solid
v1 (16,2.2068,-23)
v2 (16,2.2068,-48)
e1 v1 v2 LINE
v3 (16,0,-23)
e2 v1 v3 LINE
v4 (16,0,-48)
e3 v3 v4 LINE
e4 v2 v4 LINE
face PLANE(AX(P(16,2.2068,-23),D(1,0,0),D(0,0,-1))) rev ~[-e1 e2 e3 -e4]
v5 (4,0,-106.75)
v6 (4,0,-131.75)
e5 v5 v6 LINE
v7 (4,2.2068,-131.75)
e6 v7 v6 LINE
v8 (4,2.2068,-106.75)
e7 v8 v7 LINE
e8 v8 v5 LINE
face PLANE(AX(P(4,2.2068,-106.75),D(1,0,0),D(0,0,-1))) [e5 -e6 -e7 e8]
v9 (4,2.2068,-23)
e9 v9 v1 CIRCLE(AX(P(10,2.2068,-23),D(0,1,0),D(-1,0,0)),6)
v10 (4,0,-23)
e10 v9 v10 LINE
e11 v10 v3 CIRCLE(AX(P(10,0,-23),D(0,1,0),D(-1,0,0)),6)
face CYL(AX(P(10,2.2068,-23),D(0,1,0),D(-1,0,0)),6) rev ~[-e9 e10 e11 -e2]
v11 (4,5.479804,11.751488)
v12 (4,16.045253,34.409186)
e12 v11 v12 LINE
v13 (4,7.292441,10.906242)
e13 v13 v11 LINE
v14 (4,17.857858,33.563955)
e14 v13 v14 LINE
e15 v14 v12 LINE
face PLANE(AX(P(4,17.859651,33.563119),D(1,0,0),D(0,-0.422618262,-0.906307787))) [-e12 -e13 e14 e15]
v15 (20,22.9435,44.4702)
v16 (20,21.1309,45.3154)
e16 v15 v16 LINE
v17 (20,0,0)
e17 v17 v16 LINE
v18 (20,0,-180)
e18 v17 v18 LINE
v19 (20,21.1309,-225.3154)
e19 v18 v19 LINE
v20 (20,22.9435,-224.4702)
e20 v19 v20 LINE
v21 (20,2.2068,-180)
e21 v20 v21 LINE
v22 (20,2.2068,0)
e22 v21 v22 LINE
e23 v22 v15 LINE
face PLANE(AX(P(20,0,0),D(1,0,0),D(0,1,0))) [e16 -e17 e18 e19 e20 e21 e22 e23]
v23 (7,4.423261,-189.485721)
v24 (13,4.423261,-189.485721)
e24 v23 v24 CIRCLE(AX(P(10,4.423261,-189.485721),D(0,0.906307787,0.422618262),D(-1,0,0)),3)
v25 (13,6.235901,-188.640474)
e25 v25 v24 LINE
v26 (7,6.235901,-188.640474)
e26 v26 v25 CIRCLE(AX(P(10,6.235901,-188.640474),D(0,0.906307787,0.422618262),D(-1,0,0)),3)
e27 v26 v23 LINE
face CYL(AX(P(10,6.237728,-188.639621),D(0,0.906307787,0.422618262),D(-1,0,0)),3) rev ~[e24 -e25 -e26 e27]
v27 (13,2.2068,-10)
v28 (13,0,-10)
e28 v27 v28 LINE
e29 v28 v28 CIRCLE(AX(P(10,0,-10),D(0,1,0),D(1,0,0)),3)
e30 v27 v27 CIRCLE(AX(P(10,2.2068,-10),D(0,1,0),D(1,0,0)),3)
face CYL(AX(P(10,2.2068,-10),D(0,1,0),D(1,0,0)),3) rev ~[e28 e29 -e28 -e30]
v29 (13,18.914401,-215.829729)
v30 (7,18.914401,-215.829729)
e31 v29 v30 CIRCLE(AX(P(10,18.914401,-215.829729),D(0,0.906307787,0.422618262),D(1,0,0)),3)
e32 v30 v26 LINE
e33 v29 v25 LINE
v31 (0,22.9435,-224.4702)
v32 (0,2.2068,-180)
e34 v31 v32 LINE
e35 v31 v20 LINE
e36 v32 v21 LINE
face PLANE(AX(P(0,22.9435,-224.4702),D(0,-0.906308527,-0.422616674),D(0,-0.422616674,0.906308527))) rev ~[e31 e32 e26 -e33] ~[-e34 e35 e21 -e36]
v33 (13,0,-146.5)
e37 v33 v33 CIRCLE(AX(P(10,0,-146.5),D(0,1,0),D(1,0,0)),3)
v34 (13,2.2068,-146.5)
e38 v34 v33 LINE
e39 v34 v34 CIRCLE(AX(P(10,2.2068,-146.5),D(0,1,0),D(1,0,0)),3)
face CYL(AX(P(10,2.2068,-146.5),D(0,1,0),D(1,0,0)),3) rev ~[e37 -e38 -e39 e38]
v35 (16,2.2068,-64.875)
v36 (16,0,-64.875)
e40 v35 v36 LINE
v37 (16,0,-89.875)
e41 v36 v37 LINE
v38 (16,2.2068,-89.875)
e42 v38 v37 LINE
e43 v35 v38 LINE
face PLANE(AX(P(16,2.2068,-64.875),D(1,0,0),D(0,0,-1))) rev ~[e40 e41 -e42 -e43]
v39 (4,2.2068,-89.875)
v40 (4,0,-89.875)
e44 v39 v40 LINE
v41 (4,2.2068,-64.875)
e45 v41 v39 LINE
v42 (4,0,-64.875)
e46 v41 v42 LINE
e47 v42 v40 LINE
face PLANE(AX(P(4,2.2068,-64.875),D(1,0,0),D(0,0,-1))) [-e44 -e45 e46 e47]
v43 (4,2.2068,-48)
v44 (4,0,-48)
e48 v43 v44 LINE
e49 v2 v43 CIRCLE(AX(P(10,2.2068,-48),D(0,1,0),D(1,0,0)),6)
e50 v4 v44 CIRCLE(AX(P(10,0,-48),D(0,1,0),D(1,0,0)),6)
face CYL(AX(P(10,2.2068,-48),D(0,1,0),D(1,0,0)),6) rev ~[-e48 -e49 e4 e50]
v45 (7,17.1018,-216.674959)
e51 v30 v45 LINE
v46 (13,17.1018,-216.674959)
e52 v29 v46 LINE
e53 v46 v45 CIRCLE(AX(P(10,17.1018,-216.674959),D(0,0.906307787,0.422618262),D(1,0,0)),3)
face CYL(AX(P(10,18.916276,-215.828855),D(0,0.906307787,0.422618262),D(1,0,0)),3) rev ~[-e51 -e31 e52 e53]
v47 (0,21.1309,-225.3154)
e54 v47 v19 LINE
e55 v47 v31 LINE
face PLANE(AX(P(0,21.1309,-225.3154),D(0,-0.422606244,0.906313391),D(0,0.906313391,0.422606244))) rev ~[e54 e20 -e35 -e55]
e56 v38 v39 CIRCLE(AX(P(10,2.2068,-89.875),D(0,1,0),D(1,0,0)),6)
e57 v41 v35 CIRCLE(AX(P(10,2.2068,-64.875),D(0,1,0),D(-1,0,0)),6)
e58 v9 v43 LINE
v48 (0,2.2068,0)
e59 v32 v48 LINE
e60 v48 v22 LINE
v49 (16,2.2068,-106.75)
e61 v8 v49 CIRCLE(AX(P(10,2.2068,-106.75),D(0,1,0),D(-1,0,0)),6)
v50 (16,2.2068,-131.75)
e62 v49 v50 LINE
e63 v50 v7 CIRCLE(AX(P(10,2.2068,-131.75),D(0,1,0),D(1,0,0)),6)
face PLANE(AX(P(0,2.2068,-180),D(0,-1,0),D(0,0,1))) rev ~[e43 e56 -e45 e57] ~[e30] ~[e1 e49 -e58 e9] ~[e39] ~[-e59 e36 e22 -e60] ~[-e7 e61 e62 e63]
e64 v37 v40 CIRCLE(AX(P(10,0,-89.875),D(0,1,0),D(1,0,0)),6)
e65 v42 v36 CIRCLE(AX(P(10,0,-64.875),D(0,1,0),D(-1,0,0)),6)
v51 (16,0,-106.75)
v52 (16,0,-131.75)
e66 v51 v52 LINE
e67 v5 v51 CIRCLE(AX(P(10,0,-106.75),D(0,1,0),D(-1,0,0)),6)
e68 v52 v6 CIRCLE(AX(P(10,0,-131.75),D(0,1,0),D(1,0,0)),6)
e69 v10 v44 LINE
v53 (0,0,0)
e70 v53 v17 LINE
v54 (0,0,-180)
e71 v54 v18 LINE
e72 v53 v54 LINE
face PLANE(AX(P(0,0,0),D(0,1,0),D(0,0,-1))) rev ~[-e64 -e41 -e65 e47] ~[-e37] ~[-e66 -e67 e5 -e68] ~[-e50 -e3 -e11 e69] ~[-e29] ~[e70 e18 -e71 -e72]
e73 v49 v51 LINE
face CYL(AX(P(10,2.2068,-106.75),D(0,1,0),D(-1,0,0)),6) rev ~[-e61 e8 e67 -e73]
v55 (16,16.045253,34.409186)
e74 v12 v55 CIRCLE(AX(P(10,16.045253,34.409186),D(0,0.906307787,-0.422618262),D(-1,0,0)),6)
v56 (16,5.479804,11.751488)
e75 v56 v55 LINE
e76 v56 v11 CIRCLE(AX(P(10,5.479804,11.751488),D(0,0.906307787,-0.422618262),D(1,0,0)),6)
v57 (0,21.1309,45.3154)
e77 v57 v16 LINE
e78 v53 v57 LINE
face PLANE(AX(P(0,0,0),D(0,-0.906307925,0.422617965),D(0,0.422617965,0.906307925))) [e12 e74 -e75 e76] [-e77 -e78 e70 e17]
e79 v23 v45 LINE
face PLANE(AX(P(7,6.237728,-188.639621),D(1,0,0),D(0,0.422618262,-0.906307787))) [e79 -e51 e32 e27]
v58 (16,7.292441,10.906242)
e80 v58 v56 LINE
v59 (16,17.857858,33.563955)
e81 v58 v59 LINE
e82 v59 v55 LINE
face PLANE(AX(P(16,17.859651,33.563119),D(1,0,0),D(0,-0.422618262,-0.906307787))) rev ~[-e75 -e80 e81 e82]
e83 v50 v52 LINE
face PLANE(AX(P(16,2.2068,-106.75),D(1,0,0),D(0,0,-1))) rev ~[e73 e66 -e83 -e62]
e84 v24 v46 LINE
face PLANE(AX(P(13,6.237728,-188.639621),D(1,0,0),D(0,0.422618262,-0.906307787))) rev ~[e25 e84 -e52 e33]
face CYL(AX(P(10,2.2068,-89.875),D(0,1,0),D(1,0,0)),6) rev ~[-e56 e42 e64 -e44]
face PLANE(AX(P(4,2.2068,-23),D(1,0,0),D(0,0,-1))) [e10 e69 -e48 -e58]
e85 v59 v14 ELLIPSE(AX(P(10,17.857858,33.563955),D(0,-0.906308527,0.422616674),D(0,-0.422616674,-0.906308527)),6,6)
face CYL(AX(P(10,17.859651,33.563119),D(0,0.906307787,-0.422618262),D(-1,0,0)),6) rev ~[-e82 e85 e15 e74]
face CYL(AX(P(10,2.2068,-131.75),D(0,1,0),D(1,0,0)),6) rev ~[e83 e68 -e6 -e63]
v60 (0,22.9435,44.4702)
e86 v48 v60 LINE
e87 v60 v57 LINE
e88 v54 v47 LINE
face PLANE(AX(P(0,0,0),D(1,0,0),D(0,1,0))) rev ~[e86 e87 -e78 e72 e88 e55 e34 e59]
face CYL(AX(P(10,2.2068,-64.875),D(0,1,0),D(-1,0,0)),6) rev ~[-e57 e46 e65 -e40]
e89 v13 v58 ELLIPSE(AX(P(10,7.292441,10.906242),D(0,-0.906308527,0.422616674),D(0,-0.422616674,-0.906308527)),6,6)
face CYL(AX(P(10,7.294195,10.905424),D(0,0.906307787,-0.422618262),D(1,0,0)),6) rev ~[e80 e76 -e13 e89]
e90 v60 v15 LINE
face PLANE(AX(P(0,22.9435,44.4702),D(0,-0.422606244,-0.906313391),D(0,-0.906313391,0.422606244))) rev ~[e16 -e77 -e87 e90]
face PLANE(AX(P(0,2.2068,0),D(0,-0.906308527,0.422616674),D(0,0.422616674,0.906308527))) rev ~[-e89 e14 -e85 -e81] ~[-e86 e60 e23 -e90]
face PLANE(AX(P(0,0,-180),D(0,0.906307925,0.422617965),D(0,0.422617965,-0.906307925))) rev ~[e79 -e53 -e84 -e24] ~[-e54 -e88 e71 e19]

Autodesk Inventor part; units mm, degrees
ref_plane "XZ Plane" through (0, 0, 0) normal (0, 1, 0) x (-1, 0, 0)
ref_plane "XY Plane" through (0, 0, 0) normal (0, 0, 1) x (1, 0, 0)
sketch "Sketch1" plane through (0, 0, 0) normal (1, 0, 0) x (0, 1, 0)
  line L0 (0, 0) -> (0, -180)
  line L1 (0, -180) -> (21.1309, -225.3154)
  line L2 (21.1309, -225.3154) -> (22.9435, -224.4702)
  line L3 (22.9435, -224.4702) -> (2.2068, -180)
  line L4 (2.2068, -180) -> (2.2068, 0)
  line L5 (2.2068, 0) -> (22.9435, 44.4702)
  line L6 (22.9435, 44.4702) -> (21.1309, 45.3154)
  line L7 (0, 0) -> (21.1309, 45.3154)
  line L8 (0, 0) -> (67.9565, 0) construction
  dimension "d0" = 180
  dimension "d1" = 25
  dimension "d2" = 25
  dimension "d3" = 2
  dimension "d4" = 50
  dimension "d5" = 50
extrude "base" add sketch "Sketch1" along normal blind 20
sketch "Sketch2" plane through (0, 2.2068, 0) normal (0, 1, 0) x (1, 0, 0)
  circle A0 centre (10, 10) radius 3
  circle A1 centre (10, 146.5) radius 3
  line L0 (0, 0) -> (20, 0) construction
  line L1 (10, 0) -> (10, 23.1136) construction
  dimension "d8" = 6
  dimension "d9" = 6
  dimension "d10" = 10
  dimension "d11" = 136.5
extrude "holes" cut sketch "Sketch2" against normal blind 25
sketch "Sketch3" plane through (0, 2.2068, -180) normal (0, 0.9063, 0.4226) x (1, 0, 0)
  line L0 (0, 49.0674) -> (20, 49.0674) construction
  line L1 (10, 49.0674) -> (10, 4.5106) construction
  point P0 (0, -164.068)
  point P1 (10, 19.0674)
  dimension "d14" = 30
hole "ballastHole_originalAtTheFront" [suppressed]
sketch "Sketch4" plane through (0, 2.2068, 0) normal (0, 1, 0) x (1, 0, 0)
  line L0 (0, 0) -> (20, 0) projected
  line L1 (0, 180) -> (20, 180) projected
  line L2 (10, 180) -> (10, 136)
  dimension "d30" = 44
hole "ballastHole" [suppressed]
sketch "Sketch5" plane through (0, 2.2068, -180) normal (0, 0.9063, 0.4226) x (1, 0, 0)
  line L0 (0, 0) -> (20, 0) construction
  line L1 (10, 0) -> (10, 49.0674) construction
  line L2 (0, 49.0674) -> (20, 49.0674) construction
  arc A0 (7, 9.5337) -> (13, 9.5337) centre (10, 9.5337) ccw
  line L3 (10, 9.5337) -> (7, 9.5337) construction
  line L4 (10, 9.5337) -> (13, 9.5337) construction
  line L5 (7, 9.5337) -> (7, 39.5337)
  line L6 (13, 9.5337) -> (13, 39.5337)
  arc A1 (13, 39.5337) -> (7, 39.5337) centre (10, 39.5337) ccw
  line L7 (10, 39.5337) -> (13, 39.5337) construction
  line L8 (10, 39.5337) -> (7, 39.5337) construction
  point P0 (0, -164.068)
  point P1 (10, 6.5337)
  dimension "d31" = 180
  dimension "d32" = 3
  dimension "d33" = 30
  dimension "d34" = 180
  dimension "d35" = 49.0674
  dimension "d36" = 6.5337
extrude "Extrusion3" cut sketch "Sketch5" against normal blind 10
sketch "Sketch6" plane through (0, 22.9435, 44.4702) normal (0, 0.9063, -0.4226) x (1, 0, 0)
  line L0 (0, 0) -> (20, 0) construction
  line L1 (10, 0) -> (10, 50) construction
  line L2 (0, 50) -> (20, 50) construction
  arc A0 (4, 12.0337) -> (16, 12.0337) centre (10, 12.0337) ccw
  line L3 (10, 12.0337) -> (16, 12.0337) construction
  line L4 (10, 12.0337) -> (4, 12.0337) construction
  line L5 (4, 12.0337) -> (4, 37.0337)
  line L6 (16, 12.0337) -> (16, 37.0337)
  line L7 (0, 49.0674) -> (20, 49.0674) construction
  arc A1 (16, 37.0337) -> (4, 37.0337) centre (10, 37.0337) ccw
  line L8 (10, 37.0337) -> (16, 37.0337) construction
  line L9 (10, 37.0337) -> (4, 37.0337) construction
  point P0 (10, 6.0337)
  dimension "d39" = 180
  dimension "d40" = 6
  dimension "d41" = 25
  dimension "d42" = 49.0674
  dimension "d43" = 6.0337
  dimension "d44" = 180
extrude "Extrusion4" cut sketch "Sketch6" against normal blind 10
sketch "Sketch7" plane through (0, 2.2068, 0) normal (0, 1, 0) x (1, 0, 0)
  line L0 (0, 0) -> (20, 0) construction
  line L1 (10, 0) -> (10, 180) construction
  line L2 (0, 180) -> (20, 180) construction
  arc A0 (4, 23) -> (16, 23) centre (10, 23) ccw
  line L3 (10, 23) -> (16, 23) construction
  line L4 (10, 23) -> (4, 23) construction
  line L5 (4, 23) -> (4, 48)
  line L6 (16, 23) -> (16, 48)
  circle A1 centre (10, 10) radius 3 construction
  line L7 (10, 13) -> (24.9558, 13) construction
  arc A2 (16, 48) -> (4, 48) centre (10, 48) ccw
  line L8 (10, 48) -> (4, 48) construction
  line L9 (10, 48) -> (16, 48) construction
  line L10 (10, 64.875) -> (4, 64.875) construction
  line L11 (10, 64.875) -> (16, 64.875) construction
  arc A3 (4, 64.875) -> (16, 64.875) centre (10, 64.875) ccw
  line L12 (4, 64.875) -> (4, 89.875)
  line L13 (16, 64.875) -> (16, 89.875)
  line L14 (10, 89.875) -> (4, 89.875) construction
  line L15 (10, 89.875) -> (16, 89.875) construction
  arc A4 (16, 89.875) -> (4, 89.875) centre (10, 89.875) ccw
  circle A5 centre (10, 146.5) radius 3 construction
  line L16 (10, 143.5) -> (28.9866, 143.5) construction
  line L17 (10, 106.75) -> (4, 106.75) construction
  line L18 (10, 106.75) -> (16, 106.75) construction
  arc A6 (4, 106.75) -> (16, 106.75) centre (10, 106.75) ccw
  line L19 (4, 106.75) -> (4, 131.75)
  line L20 (16, 106.75) -> (16, 131.75)
  line L21 (10, 131.75) -> (4, 131.75) construction
  line L22 (10, 131.75) -> (16, 131.75) construction
  arc A7 (16, 131.75) -> (4, 131.75) centre (10, 131.75) ccw
  point P0 (10, 17)
  point P1 (10, 58.875)
  point P2 (10, 100.75)
  point P3 (10, 7)
  dimension "d47" = 180
  dimension "d48" = 6
  dimension "d49" = 25
  dimension "d52" = 180
  dimension "d55" = 41.875
  dimension "d62" = 130.5
  dimension "d68" = 7
  dimension "d69" = 10
extrude "Extrusion5" cut sketch "Sketch7" against normal blind 10
ref_plane "Work Plane1" through (10, 22.9435, 44.4702) normal (1, 0, 0) x (0, 1, 0)
equation "\"d9\" = d8"
equation "\"d36\" = -d32 + 0.5 * d35 - 0.5 * d33"
equation "\"d43\" = -d40 + 0.5 * d42 - 0.5 * d41"
equation "\"d55\" = d49 + d51 + 2 * d48"
equation "\"d51\" = -1.5 * d48 - 0.75 * d49 + 0.25 * d62"
properties part number "sled" material "Steel"
